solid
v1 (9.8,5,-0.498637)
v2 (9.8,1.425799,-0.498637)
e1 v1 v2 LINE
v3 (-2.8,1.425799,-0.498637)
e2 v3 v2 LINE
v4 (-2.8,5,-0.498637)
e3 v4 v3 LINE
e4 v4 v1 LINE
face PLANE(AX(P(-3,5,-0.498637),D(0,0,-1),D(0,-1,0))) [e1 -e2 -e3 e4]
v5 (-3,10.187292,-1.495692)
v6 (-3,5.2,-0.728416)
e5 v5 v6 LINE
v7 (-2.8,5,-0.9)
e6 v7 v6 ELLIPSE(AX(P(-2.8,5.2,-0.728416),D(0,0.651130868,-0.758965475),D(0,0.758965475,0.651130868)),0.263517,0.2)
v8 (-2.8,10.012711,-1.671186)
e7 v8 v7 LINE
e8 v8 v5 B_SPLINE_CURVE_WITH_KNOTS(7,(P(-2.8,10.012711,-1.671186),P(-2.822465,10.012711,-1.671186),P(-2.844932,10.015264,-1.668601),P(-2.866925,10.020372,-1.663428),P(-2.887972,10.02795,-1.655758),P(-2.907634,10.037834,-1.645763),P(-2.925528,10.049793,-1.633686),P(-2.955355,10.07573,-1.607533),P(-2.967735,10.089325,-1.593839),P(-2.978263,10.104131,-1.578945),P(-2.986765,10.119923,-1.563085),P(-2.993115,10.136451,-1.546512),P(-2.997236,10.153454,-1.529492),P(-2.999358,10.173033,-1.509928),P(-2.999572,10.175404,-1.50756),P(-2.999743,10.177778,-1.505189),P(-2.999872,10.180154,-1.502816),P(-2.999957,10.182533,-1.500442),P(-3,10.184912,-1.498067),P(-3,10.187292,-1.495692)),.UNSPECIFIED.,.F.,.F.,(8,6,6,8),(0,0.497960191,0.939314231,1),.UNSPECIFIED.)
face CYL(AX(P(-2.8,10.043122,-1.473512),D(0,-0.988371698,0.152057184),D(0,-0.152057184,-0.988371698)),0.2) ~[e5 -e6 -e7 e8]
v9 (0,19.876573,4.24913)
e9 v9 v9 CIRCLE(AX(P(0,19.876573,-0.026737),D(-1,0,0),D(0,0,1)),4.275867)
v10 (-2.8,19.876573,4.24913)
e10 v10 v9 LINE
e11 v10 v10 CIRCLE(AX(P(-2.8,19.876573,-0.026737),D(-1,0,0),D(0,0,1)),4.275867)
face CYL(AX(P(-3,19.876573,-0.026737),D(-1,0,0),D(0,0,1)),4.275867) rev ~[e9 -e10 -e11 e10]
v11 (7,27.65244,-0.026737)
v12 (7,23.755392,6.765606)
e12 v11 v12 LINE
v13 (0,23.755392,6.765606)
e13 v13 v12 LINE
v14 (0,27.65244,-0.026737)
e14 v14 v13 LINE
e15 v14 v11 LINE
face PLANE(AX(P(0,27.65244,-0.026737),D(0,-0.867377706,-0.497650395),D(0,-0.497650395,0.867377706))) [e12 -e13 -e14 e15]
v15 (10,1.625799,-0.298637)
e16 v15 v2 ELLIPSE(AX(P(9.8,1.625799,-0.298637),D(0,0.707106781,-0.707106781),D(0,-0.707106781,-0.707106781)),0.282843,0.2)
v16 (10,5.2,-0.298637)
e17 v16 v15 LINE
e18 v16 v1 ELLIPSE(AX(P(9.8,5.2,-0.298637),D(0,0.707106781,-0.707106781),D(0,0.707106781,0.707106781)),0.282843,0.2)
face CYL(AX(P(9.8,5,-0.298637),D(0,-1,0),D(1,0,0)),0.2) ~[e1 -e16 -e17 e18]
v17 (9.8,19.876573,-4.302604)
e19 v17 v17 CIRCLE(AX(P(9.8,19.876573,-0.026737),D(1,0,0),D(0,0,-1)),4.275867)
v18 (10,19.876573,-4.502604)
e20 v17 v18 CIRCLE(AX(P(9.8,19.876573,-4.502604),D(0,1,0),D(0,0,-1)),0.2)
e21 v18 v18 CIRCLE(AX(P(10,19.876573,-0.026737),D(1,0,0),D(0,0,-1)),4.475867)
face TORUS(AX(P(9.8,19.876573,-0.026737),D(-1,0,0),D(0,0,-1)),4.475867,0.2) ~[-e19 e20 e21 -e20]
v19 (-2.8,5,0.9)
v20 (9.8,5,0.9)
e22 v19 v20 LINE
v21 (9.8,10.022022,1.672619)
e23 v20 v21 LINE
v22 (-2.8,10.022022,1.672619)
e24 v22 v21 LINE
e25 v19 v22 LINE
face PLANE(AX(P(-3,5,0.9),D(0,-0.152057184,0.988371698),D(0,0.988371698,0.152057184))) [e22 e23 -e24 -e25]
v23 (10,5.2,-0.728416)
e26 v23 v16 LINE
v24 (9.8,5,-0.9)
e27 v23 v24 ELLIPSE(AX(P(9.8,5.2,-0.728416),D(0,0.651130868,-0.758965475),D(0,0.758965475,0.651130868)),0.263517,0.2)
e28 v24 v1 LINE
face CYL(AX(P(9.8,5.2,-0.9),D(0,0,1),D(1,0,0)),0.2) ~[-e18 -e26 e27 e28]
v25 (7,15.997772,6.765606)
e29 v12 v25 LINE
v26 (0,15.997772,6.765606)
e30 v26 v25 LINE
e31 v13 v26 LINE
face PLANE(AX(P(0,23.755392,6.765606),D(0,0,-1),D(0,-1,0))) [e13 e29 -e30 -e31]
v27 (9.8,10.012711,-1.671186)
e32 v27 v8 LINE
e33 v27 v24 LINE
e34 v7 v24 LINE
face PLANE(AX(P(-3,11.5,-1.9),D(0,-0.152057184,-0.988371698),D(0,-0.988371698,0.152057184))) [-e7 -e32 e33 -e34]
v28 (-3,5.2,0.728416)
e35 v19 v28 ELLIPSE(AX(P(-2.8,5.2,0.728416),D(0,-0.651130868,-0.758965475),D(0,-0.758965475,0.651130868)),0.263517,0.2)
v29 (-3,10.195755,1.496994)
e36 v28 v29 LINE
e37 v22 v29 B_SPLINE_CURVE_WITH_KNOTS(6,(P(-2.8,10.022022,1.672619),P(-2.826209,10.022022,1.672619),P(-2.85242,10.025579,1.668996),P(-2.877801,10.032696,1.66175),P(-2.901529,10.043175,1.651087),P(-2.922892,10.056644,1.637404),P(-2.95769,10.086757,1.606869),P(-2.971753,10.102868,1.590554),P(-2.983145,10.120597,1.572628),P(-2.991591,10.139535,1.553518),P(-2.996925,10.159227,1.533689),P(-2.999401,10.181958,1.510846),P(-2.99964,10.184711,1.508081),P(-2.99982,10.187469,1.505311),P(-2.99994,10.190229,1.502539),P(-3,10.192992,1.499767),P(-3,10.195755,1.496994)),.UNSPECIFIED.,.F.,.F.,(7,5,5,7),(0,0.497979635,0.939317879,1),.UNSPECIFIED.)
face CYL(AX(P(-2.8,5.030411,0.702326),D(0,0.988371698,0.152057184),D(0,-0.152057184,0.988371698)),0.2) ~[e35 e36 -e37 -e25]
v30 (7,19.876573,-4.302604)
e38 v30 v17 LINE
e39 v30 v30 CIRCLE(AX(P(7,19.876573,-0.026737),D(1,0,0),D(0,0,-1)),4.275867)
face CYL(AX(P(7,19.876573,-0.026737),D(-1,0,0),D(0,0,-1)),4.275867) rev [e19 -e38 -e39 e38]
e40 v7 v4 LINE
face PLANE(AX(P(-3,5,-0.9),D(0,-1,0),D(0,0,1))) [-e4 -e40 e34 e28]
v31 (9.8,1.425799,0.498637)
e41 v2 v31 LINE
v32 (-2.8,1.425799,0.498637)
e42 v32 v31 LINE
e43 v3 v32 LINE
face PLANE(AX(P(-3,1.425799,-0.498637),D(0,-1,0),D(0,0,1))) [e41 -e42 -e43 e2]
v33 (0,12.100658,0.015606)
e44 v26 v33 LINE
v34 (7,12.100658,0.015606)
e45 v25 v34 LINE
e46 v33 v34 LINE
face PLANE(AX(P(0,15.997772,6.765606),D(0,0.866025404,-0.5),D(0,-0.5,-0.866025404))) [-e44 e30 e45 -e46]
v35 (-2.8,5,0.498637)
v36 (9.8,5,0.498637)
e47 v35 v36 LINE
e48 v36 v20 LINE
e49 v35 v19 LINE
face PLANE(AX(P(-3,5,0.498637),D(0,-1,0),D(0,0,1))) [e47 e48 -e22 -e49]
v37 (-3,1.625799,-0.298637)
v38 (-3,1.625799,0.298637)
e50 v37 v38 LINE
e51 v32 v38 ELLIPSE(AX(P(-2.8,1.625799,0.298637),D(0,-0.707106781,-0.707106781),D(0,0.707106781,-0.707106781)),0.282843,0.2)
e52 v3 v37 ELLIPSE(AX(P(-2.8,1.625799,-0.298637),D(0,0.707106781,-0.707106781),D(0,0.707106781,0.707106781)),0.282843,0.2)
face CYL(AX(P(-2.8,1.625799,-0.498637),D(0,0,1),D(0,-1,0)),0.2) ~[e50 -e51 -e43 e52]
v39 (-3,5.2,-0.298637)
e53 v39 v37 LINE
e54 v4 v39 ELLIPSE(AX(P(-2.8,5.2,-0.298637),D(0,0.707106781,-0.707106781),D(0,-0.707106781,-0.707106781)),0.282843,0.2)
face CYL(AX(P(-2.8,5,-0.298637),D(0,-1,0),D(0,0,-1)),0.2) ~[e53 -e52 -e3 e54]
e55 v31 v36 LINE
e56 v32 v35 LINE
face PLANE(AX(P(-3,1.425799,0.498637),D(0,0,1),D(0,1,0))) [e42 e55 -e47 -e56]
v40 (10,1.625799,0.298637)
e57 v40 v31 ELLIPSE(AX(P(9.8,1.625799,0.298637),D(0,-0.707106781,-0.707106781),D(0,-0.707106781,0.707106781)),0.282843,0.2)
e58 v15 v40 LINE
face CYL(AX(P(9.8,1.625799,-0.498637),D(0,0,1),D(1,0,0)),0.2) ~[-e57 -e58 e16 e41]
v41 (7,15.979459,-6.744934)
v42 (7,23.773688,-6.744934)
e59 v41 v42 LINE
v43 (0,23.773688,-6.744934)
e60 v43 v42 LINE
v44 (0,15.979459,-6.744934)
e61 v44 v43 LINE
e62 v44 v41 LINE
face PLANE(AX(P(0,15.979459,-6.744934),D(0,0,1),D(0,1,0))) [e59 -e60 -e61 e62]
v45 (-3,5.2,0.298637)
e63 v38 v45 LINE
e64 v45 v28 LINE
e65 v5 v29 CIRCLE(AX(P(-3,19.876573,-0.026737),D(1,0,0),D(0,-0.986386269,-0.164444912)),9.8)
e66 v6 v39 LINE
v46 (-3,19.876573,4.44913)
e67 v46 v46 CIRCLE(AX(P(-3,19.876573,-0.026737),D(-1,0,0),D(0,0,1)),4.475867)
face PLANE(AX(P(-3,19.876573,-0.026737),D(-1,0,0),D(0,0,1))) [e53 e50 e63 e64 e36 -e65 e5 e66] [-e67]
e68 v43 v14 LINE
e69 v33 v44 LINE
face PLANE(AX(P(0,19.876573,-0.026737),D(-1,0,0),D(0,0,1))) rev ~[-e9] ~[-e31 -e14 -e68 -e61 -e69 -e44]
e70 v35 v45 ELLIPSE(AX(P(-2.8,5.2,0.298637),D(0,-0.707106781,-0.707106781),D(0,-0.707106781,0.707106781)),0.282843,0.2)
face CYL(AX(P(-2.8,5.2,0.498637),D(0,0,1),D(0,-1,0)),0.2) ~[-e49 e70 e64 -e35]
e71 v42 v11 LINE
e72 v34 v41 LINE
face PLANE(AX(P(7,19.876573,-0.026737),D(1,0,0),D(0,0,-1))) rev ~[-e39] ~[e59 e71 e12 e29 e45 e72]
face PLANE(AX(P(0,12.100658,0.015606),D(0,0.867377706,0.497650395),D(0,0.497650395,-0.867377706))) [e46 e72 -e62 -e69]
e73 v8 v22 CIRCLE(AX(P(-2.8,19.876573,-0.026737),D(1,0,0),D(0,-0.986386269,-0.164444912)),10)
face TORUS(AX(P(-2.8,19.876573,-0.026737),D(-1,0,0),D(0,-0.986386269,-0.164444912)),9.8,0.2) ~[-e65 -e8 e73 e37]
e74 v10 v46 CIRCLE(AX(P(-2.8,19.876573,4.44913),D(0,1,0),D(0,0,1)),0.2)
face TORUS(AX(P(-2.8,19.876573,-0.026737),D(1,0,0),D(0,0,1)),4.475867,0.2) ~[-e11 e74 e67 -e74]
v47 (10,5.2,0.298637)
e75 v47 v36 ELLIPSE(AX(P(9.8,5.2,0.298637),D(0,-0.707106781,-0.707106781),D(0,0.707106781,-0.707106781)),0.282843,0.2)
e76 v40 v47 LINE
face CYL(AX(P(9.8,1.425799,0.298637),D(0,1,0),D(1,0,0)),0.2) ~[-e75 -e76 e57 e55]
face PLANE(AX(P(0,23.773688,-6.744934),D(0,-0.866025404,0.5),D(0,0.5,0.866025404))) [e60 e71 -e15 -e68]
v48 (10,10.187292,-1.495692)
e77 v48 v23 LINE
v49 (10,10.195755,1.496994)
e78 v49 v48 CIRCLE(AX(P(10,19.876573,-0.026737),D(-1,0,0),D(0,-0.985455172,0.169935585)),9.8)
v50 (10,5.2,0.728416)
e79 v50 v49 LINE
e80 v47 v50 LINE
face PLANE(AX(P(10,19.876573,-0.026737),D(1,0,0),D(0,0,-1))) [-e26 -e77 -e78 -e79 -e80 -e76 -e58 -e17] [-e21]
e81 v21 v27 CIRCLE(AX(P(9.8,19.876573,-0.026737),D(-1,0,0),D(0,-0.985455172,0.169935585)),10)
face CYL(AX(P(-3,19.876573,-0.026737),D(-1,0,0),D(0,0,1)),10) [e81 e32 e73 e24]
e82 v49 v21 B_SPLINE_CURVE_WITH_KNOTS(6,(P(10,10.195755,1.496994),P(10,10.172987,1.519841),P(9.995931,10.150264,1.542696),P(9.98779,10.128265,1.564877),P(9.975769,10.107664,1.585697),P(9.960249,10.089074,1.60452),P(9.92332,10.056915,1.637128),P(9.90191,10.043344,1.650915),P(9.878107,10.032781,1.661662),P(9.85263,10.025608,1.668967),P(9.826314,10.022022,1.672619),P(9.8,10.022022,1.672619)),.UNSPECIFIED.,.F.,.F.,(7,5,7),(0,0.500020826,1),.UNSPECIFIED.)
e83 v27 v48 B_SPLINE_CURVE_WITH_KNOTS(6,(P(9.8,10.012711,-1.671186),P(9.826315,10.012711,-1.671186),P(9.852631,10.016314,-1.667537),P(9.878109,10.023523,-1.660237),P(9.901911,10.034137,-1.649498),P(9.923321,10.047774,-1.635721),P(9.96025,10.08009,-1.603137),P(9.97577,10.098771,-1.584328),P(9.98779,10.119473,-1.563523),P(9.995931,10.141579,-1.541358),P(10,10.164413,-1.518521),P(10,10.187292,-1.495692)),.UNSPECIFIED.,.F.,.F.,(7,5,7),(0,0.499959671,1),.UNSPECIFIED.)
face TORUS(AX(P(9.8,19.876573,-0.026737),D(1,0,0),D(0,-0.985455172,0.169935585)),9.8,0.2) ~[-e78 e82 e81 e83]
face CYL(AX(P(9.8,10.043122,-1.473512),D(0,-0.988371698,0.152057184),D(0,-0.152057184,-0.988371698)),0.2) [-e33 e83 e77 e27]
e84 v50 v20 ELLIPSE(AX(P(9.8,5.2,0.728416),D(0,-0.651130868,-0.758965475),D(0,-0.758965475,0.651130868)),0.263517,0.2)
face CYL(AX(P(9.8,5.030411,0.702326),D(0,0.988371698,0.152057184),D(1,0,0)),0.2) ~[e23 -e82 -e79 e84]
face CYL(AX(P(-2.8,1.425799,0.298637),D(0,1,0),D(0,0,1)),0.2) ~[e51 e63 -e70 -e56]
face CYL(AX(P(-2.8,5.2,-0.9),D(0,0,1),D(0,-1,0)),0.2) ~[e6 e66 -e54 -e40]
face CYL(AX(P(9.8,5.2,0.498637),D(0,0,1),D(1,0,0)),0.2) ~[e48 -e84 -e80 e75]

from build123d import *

# Parameters (mm, degrees)
BOSS_EXTRUDE1_DEPTH      = 10
BOSS_EXTRUDE1_DEPTH_BACK = 3
SKETCH3_R                = 10
BOSS_EXTRUDE2_DEPTH      = 7
SKETCH4_R                = 10
SKETCH4_R_2              = 4.275866884
BOSS_EXTRUDE3_DEPTH      = 3
BOSS_EXTRUDE5_START      = 3
SKETCH5_R                = 10
SKETCH5_R_2              = 4.275866884
BOSS_EXTRUDE5_DEPTH      = 3
FILLET1_R                = 0.2


with BuildPart() as part:
    # Sketch1 → Boss-Extrude1 (new, two sides: drawn at the far end of the back side and taken through both)
    with BuildSketch(Plane(origin=(0, 0, 0), x_dir=(0, 0, -1), z_dir=(1, 0, 0)).offset(-BOSS_EXTRUDE1_DEPTH_BACK)):
        Polygon((-0.9, 5), (-1.9, 11.5), (1.9, 11.5), (0.9, 5), (0.49863691, 5), (0.49863691, 1.42579855), (-0.49863691, 1.42579855), (-0.49863691, 5), align=None)
    extrude(amount=BOSS_EXTRUDE1_DEPTH + BOSS_EXTRUDE1_DEPTH_BACK)

    # Sketch4 → Boss-Extrude3 (add)
    with BuildSketch(Plane(origin=(7, 0, 0), x_dir=(0, 0, -1), z_dir=(1, 0, 0))):
        with Locations((0.02673714, 19.876573363)):
            Circle(SKETCH4_R)
        with Locations((0.02673714, 19.876573363)):
            Circle(SKETCH4_R_2, mode=Mode.SUBTRACT)
    extrude(amount=BOSS_EXTRUDE3_DEPTH)

    # Sketch5 → Boss-Extrude5 (add)
    with BuildSketch(Plane.ZY.offset(BOSS_EXTRUDE5_START)):
        with Locations((-0.02673714, 19.876573363)):
            Circle(SKETCH5_R)
        with Locations((-0.02673714, 19.876573363)):
            Circle(SKETCH5_R_2, mode=Mode.SUBTRACT)
    extrude(amount=-BOSS_EXTRUDE5_DEPTH)

    # Fillet1
    fillet1_edges = [part.edges().sort_by_distance(p)[0] for p in [
        (10, 19.876573363, 4.249129744),
        (10, 5, -0.699318455),
        (10, 3.212899275, -0.49863691),
        (10, 1.42579855, 0),
        (10, 3.212899275, 0.49863691),
        (10, 5, 0.699318455),
        (10, 7.511010819, 1.286309357),
        (10, 29.876534594, -0.054582443),
        (10, 7.506355338, -1.285593129),
        (-3, 19.876573363, -4.302604024),
        (-3, 5, 0.699318455),
        (-3, 3.212899275, 0.49863691),
        (-3, 1.42579855, 0),
        (-3, 3.212899275, -0.49863691),
        (-3, 5, -0.699318455),
        (-3, 7.506355338, -1.285593129),
        (-3, 29.876534594, -0.054582443),
        (-3, 7.511010819, 1.286309357),
    ]]
    fillet(fillet1_edges, radius=FILLET1_R)


with BuildPart() as body_2:
    # Sketch3 → Boss-Extrude2 (new body)
    with BuildSketch(Plane(origin=(0, 0, 0), x_dir=(0, 0, -1), z_dir=(1, 0, 0))):
        with Locations((0.02673714, 19.876573363)):
            Circle(SKETCH3_R)
        Polygon((-6.765606496, 23.75539232), (-6.765606496, 15.997772407), (-0.015606496, 12.10065809), (6.744933656, 15.979459046), (6.744933656, 23.77368768), (0.02673714, 27.652440247), align=None, mode=Mode.SUBTRACT)
    extrude(amount=BOSS_EXTRUDE2_DEPTH)

    # Combine1: union part
    add(part.part)


solid = body_2.part
